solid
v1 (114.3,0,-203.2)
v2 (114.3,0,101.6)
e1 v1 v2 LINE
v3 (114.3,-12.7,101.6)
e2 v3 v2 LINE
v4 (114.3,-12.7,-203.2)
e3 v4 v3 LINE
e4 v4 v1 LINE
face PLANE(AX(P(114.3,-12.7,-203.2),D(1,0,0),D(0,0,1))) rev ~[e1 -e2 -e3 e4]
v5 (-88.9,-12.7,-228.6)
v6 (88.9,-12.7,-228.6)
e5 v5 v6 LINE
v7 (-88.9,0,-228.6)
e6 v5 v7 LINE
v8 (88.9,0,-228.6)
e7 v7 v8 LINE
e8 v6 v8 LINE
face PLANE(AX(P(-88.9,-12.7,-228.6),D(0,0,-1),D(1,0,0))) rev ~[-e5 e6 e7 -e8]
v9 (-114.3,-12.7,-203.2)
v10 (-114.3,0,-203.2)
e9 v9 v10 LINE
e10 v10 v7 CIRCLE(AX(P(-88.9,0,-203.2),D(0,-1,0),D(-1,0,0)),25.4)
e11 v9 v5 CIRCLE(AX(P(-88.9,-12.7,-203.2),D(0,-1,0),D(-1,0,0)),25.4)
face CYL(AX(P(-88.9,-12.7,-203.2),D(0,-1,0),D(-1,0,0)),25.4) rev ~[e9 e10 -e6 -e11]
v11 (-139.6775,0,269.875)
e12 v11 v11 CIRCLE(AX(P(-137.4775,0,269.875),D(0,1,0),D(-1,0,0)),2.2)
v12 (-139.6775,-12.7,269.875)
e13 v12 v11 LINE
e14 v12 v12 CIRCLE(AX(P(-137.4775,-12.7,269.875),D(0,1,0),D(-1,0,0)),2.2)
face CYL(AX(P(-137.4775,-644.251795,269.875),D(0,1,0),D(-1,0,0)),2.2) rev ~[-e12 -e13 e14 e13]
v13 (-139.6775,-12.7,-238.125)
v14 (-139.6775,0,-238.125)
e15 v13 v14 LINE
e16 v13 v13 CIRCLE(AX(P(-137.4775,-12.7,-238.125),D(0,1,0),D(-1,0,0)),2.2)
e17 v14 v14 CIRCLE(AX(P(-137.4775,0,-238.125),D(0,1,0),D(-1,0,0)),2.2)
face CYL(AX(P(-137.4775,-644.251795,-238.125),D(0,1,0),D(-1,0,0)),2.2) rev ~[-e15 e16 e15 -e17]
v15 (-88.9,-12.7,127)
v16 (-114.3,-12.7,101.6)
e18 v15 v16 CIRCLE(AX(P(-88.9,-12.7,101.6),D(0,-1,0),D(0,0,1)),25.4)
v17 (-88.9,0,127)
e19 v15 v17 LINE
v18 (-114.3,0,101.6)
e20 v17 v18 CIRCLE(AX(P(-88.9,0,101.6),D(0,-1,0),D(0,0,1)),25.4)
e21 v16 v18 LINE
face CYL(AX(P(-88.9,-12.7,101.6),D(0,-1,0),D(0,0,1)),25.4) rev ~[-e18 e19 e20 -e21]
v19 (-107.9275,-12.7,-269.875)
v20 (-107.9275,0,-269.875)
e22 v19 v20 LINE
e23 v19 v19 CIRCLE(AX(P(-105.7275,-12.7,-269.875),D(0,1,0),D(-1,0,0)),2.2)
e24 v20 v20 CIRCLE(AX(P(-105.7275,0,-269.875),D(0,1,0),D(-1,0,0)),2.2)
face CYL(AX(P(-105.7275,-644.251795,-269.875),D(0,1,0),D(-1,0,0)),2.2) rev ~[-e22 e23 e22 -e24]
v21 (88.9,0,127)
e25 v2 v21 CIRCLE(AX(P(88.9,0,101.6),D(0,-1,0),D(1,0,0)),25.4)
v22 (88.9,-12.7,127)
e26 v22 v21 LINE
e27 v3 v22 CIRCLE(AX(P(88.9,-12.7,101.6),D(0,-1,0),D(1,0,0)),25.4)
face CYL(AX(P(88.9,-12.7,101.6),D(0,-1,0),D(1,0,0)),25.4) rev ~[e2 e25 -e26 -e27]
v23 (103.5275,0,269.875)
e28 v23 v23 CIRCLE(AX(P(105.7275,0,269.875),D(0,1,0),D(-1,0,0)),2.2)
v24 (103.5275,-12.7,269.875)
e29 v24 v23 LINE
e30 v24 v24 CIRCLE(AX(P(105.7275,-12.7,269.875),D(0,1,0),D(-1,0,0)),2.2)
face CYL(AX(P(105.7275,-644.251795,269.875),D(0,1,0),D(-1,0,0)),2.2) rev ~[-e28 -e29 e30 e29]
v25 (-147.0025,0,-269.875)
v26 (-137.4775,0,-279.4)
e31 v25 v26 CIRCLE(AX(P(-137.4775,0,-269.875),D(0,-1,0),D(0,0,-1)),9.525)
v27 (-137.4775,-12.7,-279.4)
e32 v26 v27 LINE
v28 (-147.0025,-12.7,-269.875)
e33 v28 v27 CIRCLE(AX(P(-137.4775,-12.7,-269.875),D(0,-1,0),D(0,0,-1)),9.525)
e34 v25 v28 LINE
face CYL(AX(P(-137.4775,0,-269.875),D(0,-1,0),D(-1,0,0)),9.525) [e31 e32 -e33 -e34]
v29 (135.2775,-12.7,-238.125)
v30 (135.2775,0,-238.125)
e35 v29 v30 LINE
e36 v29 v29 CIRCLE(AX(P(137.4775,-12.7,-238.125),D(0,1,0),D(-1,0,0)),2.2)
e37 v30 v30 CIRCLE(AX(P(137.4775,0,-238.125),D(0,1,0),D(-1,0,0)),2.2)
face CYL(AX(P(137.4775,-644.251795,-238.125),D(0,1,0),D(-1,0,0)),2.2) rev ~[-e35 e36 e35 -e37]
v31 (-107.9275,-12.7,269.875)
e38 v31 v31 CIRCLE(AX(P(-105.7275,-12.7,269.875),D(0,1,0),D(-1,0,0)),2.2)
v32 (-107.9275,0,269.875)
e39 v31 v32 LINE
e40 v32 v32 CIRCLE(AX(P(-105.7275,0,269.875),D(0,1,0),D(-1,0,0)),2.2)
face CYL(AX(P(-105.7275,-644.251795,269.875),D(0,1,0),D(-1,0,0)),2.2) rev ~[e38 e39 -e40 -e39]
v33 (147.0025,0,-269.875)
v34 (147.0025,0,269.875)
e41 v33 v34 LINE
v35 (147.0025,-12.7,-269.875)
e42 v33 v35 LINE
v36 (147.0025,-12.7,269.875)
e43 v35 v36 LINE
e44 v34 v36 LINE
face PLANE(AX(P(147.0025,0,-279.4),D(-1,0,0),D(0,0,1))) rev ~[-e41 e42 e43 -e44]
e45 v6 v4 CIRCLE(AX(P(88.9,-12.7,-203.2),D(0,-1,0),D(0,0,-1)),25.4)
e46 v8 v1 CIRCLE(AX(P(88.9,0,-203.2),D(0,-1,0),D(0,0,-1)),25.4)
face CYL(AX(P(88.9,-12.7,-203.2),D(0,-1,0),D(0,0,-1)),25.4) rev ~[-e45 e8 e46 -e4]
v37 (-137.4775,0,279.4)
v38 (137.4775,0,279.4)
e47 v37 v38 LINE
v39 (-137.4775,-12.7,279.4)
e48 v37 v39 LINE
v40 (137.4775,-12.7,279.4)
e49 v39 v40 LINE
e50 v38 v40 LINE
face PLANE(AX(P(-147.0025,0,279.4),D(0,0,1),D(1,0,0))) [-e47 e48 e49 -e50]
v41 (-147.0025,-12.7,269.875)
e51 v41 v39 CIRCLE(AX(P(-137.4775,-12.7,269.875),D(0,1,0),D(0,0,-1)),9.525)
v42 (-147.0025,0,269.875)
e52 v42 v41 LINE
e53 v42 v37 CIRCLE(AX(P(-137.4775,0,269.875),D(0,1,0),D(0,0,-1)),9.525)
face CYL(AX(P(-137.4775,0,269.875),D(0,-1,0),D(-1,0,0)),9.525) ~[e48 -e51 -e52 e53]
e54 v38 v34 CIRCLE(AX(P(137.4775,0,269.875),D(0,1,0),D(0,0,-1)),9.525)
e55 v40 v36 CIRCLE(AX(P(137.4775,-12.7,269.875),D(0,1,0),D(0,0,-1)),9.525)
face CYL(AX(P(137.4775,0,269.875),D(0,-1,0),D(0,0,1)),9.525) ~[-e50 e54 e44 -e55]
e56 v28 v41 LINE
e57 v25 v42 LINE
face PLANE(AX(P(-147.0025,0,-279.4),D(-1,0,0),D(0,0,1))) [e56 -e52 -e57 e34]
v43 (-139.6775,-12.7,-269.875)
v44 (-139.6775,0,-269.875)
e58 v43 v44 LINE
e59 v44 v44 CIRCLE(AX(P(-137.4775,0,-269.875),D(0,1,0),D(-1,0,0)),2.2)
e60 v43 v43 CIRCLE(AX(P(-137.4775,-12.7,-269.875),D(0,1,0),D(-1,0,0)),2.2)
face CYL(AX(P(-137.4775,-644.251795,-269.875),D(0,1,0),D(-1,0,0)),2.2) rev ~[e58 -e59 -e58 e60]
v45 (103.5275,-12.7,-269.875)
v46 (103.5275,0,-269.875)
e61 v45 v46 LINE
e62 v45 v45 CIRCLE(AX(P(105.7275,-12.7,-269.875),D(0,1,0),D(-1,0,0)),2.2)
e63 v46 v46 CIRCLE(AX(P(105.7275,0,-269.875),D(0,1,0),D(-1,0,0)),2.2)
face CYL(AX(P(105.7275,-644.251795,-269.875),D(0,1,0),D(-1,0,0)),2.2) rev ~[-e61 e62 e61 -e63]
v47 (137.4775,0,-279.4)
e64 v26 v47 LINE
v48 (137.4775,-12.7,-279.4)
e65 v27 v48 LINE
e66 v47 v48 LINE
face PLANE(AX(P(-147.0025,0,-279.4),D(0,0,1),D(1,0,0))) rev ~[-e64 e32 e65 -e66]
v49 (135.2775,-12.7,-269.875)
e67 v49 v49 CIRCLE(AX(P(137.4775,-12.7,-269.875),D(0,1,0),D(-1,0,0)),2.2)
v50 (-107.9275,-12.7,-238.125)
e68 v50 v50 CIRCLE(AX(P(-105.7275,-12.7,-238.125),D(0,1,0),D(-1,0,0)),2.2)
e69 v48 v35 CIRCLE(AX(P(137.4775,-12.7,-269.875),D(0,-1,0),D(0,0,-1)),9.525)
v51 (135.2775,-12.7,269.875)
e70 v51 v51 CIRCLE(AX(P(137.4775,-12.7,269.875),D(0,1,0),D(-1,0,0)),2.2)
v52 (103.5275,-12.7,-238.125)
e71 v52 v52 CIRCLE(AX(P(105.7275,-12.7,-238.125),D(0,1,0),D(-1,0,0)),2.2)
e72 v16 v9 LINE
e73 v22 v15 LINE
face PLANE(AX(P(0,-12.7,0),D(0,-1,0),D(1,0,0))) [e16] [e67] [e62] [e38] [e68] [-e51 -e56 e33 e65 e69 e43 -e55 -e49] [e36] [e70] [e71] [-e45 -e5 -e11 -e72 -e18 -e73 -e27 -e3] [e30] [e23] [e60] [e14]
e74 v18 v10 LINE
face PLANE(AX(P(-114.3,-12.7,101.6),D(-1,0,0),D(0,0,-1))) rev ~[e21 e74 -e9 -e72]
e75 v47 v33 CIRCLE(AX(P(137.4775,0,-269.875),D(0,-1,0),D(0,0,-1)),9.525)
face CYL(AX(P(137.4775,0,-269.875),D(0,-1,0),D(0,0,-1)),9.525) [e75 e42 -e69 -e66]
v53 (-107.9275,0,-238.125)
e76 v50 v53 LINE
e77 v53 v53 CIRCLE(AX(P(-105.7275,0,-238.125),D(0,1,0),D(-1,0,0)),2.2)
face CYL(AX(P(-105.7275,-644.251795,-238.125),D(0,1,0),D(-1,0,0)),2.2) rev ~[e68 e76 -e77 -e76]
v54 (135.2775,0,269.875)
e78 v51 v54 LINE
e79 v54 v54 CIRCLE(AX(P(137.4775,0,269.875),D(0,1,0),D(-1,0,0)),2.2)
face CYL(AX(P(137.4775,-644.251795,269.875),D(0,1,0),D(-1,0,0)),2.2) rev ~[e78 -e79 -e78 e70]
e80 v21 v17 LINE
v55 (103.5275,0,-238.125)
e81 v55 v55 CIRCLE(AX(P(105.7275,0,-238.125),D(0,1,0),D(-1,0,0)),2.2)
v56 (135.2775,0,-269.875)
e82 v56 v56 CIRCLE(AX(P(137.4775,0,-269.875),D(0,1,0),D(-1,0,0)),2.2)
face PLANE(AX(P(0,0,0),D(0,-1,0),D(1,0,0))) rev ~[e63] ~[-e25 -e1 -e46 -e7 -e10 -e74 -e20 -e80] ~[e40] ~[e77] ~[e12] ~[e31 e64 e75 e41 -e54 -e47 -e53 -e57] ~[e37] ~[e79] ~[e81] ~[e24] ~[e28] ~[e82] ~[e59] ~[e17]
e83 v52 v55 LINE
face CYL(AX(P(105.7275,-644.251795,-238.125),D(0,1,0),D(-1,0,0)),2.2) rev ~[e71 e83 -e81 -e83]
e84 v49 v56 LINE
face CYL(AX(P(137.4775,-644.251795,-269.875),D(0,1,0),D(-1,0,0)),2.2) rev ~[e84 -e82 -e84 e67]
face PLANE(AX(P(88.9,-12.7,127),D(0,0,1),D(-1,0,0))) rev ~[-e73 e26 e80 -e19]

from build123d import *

# Parameters (mm, degrees)
F0_W     = 294.005
F0_H     = 558.8
F1_DEPTH = 12.7
F3_D     = 4.4
F4_R     = 9.525
F6_DEPTH = 12.701


with BuildPart() as f1:
    # F0 (on Front) → F1 (new body)
    with BuildSketch(Plane.XZ):
        Rectangle(F0_W, F0_H)
    extrude(amount=F1_DEPTH)

    # F3 (through all)
    with Locations(Plane.XZ.offset(12.7)):
        with Locations((-137.4775, 269.875), (-105.7275, 269.875), (105.7275, 269.875), (137.4775, 269.875), (105.7275, -238.125), (137.4775, -238.125), (137.4775, -269.875), (105.7275, -269.875), (-105.7275, -269.875), (-137.4775, -269.875), (-137.4775, -238.125), (-105.7275, -238.125)):
            Hole(F3_D / 2)

    # F4
    f4_edges = [f1.edges().sort_by_distance(p)[0] for p in [
        (147.0025, -6.35, 279.4),
        (147.0025, -6.35, -279.4),
        (-147.0025, -6.35, -279.4),
        (-147.0025, -6.35, 279.4),
    ]]
    fillet(f4_edges, radius=F4_R)

    # F5 (on face) → F6 (cut, through all)
    with BuildSketch(Plane.XZ.offset(12.7)):
        with BuildLine():
            Line((88.9, 127), (-88.9, 127))
            ThreePointArc((-88.9, 127), (-106.8605122421, 119.5605122421), (-114.3, 101.6))
            Line((-114.3, 101.6), (-114.3, -203.2))
            ThreePointArc((-114.3, -203.2), (-106.8605122421, -221.1605122421), (-88.9, -228.6))
            Line((-88.9, -228.6), (88.9, -228.6))
            ThreePointArc((88.9, -228.6), (106.8605122421, -221.1605122421), (114.3, -203.2))
            Line((114.3, -203.2), (114.3, 101.6))
            ThreePointArc((114.3, 101.6), (106.8605122421, 119.5605122421), (88.9, 127))
        make_face()
    extrude(amount=-F6_DEPTH, mode=Mode.SUBTRACT)


solid = f1.part
